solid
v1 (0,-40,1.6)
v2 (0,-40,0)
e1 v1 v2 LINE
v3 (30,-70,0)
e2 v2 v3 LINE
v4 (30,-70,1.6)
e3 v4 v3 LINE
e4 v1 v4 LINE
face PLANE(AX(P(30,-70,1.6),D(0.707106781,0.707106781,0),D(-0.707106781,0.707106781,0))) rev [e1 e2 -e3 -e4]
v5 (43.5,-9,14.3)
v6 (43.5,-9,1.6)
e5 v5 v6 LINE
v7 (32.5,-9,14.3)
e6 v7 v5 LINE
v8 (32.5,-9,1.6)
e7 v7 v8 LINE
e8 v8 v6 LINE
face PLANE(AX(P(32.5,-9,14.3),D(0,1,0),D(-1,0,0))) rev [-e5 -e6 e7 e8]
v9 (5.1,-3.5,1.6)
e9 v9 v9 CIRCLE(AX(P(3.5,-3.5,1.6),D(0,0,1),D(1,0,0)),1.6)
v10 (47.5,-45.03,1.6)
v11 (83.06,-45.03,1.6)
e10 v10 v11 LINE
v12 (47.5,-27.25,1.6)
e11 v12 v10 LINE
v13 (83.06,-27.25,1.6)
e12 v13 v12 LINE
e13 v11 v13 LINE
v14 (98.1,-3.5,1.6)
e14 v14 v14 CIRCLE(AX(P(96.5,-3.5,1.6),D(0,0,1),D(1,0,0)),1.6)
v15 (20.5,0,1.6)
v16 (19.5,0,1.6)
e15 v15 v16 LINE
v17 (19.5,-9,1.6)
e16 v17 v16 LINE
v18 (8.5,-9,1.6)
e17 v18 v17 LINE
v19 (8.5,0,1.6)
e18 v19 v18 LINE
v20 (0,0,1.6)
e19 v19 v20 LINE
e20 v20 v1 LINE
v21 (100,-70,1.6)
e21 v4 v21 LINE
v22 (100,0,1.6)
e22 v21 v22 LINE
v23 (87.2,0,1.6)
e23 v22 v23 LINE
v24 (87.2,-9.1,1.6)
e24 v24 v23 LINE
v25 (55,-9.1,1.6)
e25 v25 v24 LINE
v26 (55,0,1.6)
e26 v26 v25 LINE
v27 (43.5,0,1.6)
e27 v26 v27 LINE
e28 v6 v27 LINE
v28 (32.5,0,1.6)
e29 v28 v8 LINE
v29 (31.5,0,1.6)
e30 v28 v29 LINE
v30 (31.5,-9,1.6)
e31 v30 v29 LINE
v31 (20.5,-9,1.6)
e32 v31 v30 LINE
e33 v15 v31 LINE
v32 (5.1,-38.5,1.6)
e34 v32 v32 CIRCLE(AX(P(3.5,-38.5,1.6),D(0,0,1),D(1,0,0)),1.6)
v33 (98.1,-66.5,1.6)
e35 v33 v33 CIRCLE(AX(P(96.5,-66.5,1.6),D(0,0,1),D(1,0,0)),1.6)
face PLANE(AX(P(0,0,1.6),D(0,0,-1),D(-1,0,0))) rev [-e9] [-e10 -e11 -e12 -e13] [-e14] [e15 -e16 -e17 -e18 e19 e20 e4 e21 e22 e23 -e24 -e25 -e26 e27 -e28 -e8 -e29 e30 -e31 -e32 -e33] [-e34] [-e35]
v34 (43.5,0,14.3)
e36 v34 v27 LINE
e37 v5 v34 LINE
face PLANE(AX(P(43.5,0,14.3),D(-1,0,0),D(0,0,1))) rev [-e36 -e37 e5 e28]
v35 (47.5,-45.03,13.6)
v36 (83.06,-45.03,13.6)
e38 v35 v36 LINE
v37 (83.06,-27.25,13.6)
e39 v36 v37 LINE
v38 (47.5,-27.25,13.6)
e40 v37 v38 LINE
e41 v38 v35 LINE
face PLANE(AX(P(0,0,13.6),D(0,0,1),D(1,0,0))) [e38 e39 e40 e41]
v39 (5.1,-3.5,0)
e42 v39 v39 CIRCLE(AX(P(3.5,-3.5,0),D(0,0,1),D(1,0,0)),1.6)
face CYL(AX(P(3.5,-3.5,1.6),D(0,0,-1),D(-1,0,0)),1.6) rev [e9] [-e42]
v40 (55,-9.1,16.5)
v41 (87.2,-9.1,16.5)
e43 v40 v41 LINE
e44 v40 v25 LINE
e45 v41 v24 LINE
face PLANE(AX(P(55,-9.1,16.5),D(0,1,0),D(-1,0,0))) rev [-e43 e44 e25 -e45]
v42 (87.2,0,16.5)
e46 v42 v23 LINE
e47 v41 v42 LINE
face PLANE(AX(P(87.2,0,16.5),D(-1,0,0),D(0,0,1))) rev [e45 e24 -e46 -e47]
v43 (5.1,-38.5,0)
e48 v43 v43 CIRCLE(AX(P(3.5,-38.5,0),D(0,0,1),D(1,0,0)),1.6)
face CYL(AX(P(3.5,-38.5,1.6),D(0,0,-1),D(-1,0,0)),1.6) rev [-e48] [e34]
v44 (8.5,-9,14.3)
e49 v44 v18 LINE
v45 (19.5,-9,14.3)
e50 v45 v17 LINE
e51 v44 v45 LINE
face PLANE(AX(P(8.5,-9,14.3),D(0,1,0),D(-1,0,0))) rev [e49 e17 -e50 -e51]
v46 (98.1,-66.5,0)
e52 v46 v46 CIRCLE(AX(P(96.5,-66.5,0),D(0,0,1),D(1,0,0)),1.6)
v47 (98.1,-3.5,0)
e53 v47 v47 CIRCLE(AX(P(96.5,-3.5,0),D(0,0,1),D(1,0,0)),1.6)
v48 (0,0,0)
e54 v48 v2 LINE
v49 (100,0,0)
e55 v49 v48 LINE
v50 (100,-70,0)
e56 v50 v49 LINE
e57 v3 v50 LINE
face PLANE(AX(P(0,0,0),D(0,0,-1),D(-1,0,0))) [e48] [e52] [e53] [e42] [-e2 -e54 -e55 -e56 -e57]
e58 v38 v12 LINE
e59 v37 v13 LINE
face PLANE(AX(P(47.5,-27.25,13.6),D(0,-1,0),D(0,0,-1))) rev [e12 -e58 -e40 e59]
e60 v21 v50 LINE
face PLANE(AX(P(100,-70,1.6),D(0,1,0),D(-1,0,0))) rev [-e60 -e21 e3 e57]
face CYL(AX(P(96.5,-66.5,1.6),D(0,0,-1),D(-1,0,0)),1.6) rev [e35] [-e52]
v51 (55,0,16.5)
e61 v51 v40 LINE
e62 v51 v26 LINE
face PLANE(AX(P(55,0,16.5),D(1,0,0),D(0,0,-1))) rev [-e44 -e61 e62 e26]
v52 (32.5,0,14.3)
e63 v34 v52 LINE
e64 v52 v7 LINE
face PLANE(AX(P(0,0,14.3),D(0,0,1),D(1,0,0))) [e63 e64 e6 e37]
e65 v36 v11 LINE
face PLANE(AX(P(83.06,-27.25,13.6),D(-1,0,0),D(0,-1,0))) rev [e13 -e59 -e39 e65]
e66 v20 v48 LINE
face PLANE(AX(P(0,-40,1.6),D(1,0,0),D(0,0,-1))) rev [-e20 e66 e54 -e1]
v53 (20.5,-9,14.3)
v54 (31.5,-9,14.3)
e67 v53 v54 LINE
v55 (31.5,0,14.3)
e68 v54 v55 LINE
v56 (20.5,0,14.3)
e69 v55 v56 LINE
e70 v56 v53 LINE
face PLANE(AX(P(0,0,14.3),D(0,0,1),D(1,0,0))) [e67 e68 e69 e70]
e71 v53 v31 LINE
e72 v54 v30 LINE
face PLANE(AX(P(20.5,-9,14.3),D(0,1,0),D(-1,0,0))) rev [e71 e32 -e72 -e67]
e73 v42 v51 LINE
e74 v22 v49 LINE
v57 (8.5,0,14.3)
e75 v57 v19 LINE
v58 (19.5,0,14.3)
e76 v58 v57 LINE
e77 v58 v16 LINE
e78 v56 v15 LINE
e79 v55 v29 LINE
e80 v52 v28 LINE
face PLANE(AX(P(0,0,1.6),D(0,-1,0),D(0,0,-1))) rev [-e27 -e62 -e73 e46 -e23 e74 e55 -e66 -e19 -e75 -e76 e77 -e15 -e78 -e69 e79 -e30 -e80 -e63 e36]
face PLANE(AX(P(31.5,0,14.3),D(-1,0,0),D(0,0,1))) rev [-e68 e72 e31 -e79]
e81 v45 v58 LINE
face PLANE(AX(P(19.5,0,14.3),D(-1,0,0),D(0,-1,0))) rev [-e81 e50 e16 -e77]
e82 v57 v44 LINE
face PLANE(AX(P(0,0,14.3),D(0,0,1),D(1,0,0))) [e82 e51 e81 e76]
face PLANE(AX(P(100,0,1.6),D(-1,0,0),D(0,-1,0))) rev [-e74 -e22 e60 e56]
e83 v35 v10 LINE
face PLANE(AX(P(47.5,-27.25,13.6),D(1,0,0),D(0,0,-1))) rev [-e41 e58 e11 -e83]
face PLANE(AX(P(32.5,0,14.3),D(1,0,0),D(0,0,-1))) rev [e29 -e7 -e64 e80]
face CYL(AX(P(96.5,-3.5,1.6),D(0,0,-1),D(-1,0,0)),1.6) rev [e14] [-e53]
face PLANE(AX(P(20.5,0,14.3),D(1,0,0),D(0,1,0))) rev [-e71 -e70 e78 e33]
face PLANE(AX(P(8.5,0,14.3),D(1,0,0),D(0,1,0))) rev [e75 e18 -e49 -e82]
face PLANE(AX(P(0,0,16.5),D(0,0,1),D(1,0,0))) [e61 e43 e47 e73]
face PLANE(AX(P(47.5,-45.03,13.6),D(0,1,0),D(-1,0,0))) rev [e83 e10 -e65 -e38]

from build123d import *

# Parameters (mm, degrees)
ESQUISSE1_R        = 1.6
BOSS_EXTRU_1_DEPTH = 1.6
ESQUISSE2_W        = 11
ESQUISSE2_H        = 9
BOSS_EXTRU_2_DEPTH = 12.7
ESQUISSE3_W        = 32.2
ESQUISSE3_H        = 9.1
BOSS_EXTRU_3_DEPTH = 14.9
ESQUISSE4_W        = 35.56
ESQUISSE4_H        = 17.78
BOSS_EXTRU_4_DEPTH = 12


with BuildPart() as part:
    # Esquisse1 → Boss.-Extru.1 (new body)
    with BuildSketch(Plane.XY):
        Polygon((0, 0), (100, 0), (100, -70), (30, -70), (0, -40), align=None)
        with Locations((3.5, -3.5)):
            Circle(ESQUISSE1_R, mode=Mode.SUBTRACT)
        with Locations((96.5, -3.5)):
            Circle(ESQUISSE1_R, mode=Mode.SUBTRACT)
        with Locations((3.5, -38.5)):
            Circle(ESQUISSE1_R, mode=Mode.SUBTRACT)
        with Locations((96.5, -66.5)):
            Circle(ESQUISSE1_R, mode=Mode.SUBTRACT)
    extrude(amount=BOSS_EXTRU_1_DEPTH)

    # Esquisse2 → Boss.-Extru.2 (add)
    with BuildSketch(Plane.XY.offset(1.6)):
        with Locations((14, -4.5)):
            Rectangle(ESQUISSE2_W, ESQUISSE2_H)
        with Locations((26, -4.5)):
            Rectangle(ESQUISSE2_W, ESQUISSE2_H)
        with Locations((38, -4.5)):
            Rectangle(ESQUISSE2_W, ESQUISSE2_H)
    extrude(amount=BOSS_EXTRU_2_DEPTH)

    # Esquisse3 → Boss.-Extru.3 (add)
    with BuildSketch(Plane.XY.offset(1.6)):
        with Locations((71.1, -4.55)):
            Rectangle(ESQUISSE3_W, ESQUISSE3_H)
    extrude(amount=BOSS_EXTRU_3_DEPTH)

    # Esquisse4 → Boss.-Extru.4 (add)
    with BuildSketch(Plane.XY.offset(1.6)):
        with Locations((65.28, -36.14)):
            Rectangle(ESQUISSE4_W, ESQUISSE4_H)
    extrude(amount=BOSS_EXTRU_4_DEPTH)


solid = part.part
